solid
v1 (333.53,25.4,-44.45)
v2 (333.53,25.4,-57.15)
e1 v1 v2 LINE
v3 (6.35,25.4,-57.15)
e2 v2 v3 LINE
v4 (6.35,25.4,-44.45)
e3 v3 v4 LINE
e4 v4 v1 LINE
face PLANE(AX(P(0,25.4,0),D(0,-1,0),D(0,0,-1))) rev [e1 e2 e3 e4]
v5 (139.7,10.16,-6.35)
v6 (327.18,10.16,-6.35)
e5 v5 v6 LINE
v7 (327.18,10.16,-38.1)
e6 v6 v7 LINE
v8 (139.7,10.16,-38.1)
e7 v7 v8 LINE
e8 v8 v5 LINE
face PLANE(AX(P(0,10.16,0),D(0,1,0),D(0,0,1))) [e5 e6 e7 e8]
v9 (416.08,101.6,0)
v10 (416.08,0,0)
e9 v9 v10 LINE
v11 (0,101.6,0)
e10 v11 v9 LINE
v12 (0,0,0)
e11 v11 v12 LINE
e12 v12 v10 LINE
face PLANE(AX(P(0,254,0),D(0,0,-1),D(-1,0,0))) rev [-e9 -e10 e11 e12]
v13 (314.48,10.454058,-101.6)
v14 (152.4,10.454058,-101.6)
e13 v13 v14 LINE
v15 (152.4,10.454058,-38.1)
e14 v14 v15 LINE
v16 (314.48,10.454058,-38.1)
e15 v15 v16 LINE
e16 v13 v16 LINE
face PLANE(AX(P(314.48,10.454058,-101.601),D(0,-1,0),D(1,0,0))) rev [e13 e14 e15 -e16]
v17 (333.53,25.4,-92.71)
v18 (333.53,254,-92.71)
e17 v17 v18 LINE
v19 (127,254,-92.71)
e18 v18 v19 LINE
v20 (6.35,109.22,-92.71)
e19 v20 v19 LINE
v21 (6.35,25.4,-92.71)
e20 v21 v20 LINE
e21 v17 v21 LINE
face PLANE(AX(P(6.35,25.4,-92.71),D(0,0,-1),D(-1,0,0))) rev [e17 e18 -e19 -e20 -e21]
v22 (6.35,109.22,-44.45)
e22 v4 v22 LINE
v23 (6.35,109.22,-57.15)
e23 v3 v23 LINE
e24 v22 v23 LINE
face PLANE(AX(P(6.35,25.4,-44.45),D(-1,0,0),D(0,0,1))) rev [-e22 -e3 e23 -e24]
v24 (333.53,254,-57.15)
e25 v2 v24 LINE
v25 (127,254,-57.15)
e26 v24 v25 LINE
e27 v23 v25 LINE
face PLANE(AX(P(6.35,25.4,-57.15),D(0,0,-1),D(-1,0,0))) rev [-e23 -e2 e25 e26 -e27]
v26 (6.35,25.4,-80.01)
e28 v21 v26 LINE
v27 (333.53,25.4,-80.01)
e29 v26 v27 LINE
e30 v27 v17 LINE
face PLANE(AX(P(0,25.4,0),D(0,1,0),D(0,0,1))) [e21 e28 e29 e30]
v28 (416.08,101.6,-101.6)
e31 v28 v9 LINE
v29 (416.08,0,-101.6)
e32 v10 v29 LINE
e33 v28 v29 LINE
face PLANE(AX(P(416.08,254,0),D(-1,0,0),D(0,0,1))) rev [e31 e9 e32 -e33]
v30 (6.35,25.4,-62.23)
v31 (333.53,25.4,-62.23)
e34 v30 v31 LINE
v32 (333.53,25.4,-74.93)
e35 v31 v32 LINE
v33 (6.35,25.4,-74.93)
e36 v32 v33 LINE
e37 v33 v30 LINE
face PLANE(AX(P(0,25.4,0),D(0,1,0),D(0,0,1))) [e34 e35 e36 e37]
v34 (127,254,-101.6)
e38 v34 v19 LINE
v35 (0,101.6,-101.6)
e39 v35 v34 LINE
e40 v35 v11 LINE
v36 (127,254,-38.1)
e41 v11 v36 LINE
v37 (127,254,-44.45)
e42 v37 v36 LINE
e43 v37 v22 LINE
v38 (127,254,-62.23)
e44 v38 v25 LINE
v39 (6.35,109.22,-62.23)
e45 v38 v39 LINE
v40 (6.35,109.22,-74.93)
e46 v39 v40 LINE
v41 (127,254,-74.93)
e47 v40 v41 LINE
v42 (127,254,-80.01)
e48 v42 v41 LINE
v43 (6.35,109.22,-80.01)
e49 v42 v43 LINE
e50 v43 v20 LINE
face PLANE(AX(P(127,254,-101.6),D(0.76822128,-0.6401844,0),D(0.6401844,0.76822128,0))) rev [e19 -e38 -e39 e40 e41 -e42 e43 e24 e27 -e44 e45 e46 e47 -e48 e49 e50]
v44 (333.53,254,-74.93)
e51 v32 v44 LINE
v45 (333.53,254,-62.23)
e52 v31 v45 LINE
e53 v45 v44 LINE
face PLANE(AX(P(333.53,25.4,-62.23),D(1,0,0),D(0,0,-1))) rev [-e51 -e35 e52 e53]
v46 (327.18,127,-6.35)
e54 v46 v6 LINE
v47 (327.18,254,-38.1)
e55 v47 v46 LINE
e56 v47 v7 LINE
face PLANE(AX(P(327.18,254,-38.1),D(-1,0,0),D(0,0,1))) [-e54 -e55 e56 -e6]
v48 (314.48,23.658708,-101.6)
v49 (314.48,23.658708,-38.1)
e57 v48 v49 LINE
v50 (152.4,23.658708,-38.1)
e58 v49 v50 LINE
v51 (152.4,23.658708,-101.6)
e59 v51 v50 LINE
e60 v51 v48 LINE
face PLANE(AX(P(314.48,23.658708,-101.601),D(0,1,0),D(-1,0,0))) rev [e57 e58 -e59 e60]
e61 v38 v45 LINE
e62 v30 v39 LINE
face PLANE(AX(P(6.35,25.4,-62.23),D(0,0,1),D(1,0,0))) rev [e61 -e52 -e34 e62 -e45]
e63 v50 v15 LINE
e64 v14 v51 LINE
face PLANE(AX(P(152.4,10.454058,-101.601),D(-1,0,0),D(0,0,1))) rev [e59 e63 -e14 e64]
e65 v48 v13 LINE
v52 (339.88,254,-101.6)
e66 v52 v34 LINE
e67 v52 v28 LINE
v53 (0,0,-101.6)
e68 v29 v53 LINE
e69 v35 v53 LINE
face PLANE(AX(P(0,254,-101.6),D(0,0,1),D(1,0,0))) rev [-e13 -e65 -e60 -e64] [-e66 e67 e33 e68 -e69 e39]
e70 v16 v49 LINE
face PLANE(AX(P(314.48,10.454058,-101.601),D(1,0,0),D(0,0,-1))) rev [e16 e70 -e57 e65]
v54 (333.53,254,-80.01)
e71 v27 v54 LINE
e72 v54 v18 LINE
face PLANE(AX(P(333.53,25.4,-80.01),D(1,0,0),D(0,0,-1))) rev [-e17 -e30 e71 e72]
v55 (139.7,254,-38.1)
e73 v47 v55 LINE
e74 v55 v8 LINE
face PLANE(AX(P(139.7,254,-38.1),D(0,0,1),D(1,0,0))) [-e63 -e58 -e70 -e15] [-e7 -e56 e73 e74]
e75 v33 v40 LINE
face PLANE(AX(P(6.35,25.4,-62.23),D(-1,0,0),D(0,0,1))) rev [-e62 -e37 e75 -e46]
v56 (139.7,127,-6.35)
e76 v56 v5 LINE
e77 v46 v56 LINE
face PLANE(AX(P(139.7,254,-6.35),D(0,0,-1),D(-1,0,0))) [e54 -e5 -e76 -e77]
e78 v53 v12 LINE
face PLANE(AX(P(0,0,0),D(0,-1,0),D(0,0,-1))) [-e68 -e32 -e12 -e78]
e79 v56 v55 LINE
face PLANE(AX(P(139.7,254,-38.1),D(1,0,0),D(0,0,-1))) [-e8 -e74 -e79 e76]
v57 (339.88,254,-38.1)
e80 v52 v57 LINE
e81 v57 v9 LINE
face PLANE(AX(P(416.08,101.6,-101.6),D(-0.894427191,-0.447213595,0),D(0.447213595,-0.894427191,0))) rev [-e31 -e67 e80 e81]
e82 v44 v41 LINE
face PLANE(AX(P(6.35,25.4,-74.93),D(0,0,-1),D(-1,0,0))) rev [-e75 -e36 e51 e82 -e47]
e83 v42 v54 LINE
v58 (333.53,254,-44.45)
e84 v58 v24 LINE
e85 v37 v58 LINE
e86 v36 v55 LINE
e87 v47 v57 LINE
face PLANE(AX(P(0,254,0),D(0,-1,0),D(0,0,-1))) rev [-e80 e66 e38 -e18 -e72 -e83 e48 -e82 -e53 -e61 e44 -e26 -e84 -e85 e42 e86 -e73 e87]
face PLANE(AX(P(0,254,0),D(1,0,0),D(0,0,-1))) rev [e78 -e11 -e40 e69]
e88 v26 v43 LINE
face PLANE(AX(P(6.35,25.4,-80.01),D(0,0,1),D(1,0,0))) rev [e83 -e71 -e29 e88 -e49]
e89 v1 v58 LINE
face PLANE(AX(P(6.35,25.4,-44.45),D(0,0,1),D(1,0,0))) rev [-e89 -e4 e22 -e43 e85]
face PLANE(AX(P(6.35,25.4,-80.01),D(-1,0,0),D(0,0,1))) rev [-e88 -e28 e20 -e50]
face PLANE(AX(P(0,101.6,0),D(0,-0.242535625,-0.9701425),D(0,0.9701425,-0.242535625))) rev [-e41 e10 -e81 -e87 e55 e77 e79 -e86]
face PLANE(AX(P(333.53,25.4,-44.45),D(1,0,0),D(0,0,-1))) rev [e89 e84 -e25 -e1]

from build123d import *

# Parameters (mm, degrees)
SKETCH1_W           = 416.08
SKETCH1_H           = 101.6
BOSS_EXTRUDE2_DEPTH = 254
CUT_EXTRUDE1_DEPTH  = 101.6
CUT_EXTRUDE9_START  = 10.16
SKETCH6_W           = 187.48
SKETCH6_H           = 31.75
CUT_EXTRUDE9_DEPTH  = 244.84
SKETCH8_W           = 327.18
SKETCH8_H           = 12.7
CUT_EXTRUDE11_DEPTH = 228.6
CUT_EXTRUDE12_DEPTH = 417.08
CUT_EXTRUDE13_REACH = 65.5
SKETCH10_W          = 162.08
SKETCH10_H          = 13.204649201


with BuildPart() as part:
    # Sketch1 → Boss-Extrude2 (new body)
    with BuildSketch(Plane(origin=(0, 0, 0), x_dir=(1, 0, 0), z_dir=(0, 1, 0))):
        with Locations((208.04, 50.8)):
            Rectangle(SKETCH1_W, SKETCH1_H)
    extrude(amount=BOSS_EXTRUDE2_DEPTH)

    # Sketch2 → Cut-Extrude1 (cut)
    with BuildSketch(Plane.XY):
        Polygon((0, 101.6), (0, 254), (127, 254), align=None)
        Polygon((416.08, 254), (416.08, 101.6), (339.88, 254), align=None)
    extrude(amount=-CUT_EXTRUDE1_DEPTH, mode=Mode.SUBTRACT)

    # Sketch6 → Cut-Extrude9 (cut, through all)
    with BuildSketch(Plane(origin=(0, 0, 0), x_dir=(1, 0, 0), z_dir=(0, 1, 0)).offset(CUT_EXTRUDE9_START)):
        with Locations((233.44, 22.225)):
            Rectangle(SKETCH6_W, SKETCH6_H)
    extrude(amount=CUT_EXTRUDE9_DEPTH, mode=Mode.SUBTRACT)

    # Sketch8 → Cut-Extrude11 (cut)
    with BuildSketch(Plane(origin=(0, 254, 0), x_dir=(1, 0, 0), z_dir=(0, 1, 0))):
        with Locations((169.94, 50.8)):
            Rectangle(SKETCH8_W, SKETCH8_H)
        with Locations((169.94, 68.58)):
            Rectangle(SKETCH8_W, SKETCH8_H)
        with Locations((169.94, 86.36)):
            Rectangle(SKETCH8_W, SKETCH8_H)
    extrude(amount=-CUT_EXTRUDE11_DEPTH, mode=Mode.SUBTRACT)

    # Sketch9 → Cut-Extrude12 (cut, through all)
    with BuildSketch(Plane(origin=(416.08, 0, 0), x_dir=(0, 0, -1), z_dir=(1, 0, 0))):
        Polygon((0, 254), (0, 101.6), (38.1, 254), align=None)
    extrude(amount=-CUT_EXTRUDE12_DEPTH, mode=Mode.SUBTRACT)

    # Sketch10 → Cut-Extrude13 (cut, up to next)
    with BuildSketch(Plane.XY.offset(-38.1), mode=Mode.PRIVATE) as cut_extrude13_sk1:
        with Locations((233.44, 17.056383054)):
            Rectangle(SKETCH10_W, SKETCH10_H)
    cut_extrude13_tool1 = extrude(cut_extrude13_sk1.sketch, amount=-CUT_EXTRUDE13_REACH, mode=Mode.PRIVATE) & part.part
    add(cut_extrude13_tool1.solids().sort_by_distance((233.44, 17.056383, -38.1))[0], mode=Mode.SUBTRACT)


solid = part.part
